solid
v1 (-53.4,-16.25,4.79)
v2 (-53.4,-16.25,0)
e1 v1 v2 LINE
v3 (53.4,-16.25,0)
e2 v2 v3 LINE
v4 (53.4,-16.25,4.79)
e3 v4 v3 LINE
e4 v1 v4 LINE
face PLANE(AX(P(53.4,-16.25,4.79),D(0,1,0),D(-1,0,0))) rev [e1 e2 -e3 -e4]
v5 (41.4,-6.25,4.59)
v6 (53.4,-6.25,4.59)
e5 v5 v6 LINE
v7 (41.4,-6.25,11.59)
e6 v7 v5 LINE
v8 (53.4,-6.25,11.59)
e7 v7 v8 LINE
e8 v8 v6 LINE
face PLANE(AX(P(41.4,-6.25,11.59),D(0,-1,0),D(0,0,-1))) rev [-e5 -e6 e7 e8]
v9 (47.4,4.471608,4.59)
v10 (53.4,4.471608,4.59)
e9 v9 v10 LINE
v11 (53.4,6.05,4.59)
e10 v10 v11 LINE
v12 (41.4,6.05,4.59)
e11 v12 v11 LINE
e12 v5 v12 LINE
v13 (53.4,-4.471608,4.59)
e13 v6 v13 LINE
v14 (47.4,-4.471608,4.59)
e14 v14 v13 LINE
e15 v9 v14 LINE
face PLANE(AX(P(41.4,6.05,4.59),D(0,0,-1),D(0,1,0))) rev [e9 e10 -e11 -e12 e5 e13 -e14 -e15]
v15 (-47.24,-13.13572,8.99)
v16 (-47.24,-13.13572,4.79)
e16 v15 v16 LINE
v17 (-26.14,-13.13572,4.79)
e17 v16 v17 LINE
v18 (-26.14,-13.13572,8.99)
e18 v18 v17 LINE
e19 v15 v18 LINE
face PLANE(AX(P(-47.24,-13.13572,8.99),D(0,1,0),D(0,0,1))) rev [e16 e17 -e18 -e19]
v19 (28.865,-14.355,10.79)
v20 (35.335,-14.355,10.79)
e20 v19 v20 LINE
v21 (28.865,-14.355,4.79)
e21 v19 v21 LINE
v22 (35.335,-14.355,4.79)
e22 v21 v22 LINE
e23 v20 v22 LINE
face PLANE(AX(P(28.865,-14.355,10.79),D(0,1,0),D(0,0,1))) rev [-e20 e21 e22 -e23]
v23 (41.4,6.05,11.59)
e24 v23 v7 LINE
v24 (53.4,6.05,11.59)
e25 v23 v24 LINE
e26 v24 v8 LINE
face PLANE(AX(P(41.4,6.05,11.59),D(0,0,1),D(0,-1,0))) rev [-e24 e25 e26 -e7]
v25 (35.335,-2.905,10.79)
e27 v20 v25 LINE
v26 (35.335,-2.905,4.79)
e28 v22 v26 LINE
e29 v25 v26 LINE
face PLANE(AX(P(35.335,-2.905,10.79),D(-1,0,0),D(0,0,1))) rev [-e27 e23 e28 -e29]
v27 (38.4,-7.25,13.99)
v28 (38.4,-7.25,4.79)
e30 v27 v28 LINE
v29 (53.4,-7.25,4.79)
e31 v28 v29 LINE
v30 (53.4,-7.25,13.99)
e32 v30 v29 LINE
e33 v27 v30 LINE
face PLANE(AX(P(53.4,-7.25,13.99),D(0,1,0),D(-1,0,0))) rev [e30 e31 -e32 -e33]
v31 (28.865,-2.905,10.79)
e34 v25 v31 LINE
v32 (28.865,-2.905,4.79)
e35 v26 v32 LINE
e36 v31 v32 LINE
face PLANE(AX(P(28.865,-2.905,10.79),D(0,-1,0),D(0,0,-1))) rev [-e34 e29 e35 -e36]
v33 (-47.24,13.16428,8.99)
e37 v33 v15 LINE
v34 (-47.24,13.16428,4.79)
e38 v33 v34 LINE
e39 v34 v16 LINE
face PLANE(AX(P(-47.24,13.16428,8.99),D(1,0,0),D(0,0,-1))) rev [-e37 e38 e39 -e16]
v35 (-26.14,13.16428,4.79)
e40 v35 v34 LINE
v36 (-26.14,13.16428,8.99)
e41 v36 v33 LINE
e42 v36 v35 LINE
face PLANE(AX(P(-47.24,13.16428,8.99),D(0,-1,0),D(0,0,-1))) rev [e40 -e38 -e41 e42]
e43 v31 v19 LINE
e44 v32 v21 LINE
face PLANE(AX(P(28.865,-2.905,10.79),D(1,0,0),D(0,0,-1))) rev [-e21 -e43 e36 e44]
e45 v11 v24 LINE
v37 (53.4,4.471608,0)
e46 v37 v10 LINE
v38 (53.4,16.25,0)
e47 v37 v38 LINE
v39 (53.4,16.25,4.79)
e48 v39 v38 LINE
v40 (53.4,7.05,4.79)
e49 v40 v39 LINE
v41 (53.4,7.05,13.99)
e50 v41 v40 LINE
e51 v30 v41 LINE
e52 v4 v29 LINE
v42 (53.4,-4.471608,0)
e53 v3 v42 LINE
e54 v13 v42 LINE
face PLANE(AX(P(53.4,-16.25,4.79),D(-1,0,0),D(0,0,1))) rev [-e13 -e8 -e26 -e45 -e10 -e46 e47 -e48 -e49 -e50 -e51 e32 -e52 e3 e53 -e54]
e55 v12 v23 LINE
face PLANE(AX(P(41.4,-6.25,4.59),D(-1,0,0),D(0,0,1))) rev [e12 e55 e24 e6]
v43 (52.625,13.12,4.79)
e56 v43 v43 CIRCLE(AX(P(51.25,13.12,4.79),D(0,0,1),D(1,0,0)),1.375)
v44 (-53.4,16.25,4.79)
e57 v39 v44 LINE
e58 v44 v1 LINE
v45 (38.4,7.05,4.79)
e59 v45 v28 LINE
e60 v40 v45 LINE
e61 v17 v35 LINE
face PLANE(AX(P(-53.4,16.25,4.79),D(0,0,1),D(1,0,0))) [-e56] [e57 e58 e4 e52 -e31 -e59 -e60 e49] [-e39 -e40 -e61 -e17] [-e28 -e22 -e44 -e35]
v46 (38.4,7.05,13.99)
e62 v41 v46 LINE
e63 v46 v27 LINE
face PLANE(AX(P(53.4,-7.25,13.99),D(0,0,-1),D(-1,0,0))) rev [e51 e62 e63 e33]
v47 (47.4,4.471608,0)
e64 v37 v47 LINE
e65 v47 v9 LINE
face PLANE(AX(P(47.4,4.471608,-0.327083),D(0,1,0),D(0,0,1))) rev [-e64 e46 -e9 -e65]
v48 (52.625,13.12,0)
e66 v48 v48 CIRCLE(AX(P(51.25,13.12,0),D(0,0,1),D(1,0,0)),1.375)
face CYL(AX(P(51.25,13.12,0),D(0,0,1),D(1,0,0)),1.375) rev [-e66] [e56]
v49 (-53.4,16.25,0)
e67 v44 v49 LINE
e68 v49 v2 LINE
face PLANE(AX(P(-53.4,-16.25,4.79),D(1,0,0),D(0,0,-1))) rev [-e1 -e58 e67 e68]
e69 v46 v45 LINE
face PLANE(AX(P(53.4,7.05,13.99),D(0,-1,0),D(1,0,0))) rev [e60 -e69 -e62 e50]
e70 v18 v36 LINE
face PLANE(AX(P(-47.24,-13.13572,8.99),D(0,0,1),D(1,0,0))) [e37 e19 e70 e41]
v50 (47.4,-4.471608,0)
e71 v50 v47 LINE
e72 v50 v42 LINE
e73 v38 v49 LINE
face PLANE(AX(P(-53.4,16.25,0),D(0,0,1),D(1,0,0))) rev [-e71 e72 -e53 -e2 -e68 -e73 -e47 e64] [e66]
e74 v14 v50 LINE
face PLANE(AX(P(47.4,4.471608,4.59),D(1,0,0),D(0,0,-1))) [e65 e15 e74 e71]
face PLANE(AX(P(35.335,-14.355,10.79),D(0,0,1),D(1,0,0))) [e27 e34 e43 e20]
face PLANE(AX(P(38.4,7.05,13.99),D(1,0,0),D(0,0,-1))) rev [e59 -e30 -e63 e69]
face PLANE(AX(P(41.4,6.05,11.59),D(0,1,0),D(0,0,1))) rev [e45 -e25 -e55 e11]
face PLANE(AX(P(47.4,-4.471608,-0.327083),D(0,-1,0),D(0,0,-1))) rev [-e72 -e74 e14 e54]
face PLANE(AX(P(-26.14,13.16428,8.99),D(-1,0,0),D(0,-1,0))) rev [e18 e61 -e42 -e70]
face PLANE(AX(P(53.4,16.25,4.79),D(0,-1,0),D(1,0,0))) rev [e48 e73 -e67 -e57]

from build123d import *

# Parameters (mm, degrees)
SKETCH1_W           = 106.8
SKETCH1_H           = 32.5
BOSS_EXTRUDE1_DEPTH = 4.79
SKETCH2_W           = 21.1
SKETCH2_H           = 26.3
BOSS_EXTRUDE2_DEPTH = 4.2
SKETCH3_W           = 15
SKETCH3_H           = 14.3
BOSS_EXTRUDE3_DEPTH = 9.2
SKETCH4_W           = 6.47
SKETCH4_H           = 11.45
BOSS_EXTRUDE4_DEPTH = 6
SKETCH5_R           = 1.375
CUT_EXTRUDE1_DEPTH  = 57.570862641
SKETCH6_W           = 7
SKETCH6_H           = 12.3
CUT_EXTRUDE2_DEPTH  = 12
SKETCH7_W           = 4.917083014
SKETCH7_H           = 8.943215518
CUT_EXTRUDE3_DEPTH  = 6


with BuildPart() as part:
    # Sketch1 → Boss-Extrude1 (new body)
    with BuildSketch(Plane.XY):
        Rectangle(SKETCH1_W, SKETCH1_H)
    extrude(amount=BOSS_EXTRUDE1_DEPTH)

    # Sketch2 → Boss-Extrude2 (add)
    with BuildSketch(Plane.XY.offset(4.79)):
        with Locations((-36.69, 0.014279692)):
            Rectangle(SKETCH2_W, SKETCH2_H)
    extrude(amount=BOSS_EXTRUDE2_DEPTH)

    # Sketch3 → Boss-Extrude3 (add)
    with BuildSketch(Plane.XY.offset(4.79)):
        with Locations((45.9, -0.1)):
            Rectangle(SKETCH3_W, SKETCH3_H)
    extrude(amount=BOSS_EXTRUDE3_DEPTH)

    # Sketch4 → Boss-Extrude4 (add)
    with BuildSketch(Plane.XY.offset(4.79)):
        with Locations((32.1, -8.63)):
            Rectangle(SKETCH4_W, SKETCH4_H)
    extrude(amount=BOSS_EXTRUDE4_DEPTH)

    # Sketch5 → Cut-Extrude1 (cut, through all)
    with BuildSketch(Plane.XY.offset(4.79)):
        with Locations((51.25, 13.12)):
            Circle(SKETCH5_R)
    extrude(amount=-CUT_EXTRUDE1_DEPTH, mode=Mode.SUBTRACT)

    # Sketch6 → Cut-Extrude2 (cut)
    with BuildSketch(Plane(origin=(53.4, 0, 0), x_dir=(0, 0, -1), z_dir=(1, 0, 0))):
        with Locations((-8.09, -0.1)):
            Rectangle(SKETCH6_W, SKETCH6_H)
    extrude(amount=-CUT_EXTRUDE2_DEPTH, mode=Mode.SUBTRACT)

    # Sketch7 → Cut-Extrude3 (cut)
    with BuildSketch(Plane(origin=(53.4, 0, 0), x_dir=(0, 0, -1), z_dir=(1, 0, 0))):
        with Locations((-2.131458493, 0)):
            Rectangle(SKETCH7_W, SKETCH7_H)
    extrude(amount=-CUT_EXTRUDE3_DEPTH, mode=Mode.SUBTRACT)


solid = part.part
